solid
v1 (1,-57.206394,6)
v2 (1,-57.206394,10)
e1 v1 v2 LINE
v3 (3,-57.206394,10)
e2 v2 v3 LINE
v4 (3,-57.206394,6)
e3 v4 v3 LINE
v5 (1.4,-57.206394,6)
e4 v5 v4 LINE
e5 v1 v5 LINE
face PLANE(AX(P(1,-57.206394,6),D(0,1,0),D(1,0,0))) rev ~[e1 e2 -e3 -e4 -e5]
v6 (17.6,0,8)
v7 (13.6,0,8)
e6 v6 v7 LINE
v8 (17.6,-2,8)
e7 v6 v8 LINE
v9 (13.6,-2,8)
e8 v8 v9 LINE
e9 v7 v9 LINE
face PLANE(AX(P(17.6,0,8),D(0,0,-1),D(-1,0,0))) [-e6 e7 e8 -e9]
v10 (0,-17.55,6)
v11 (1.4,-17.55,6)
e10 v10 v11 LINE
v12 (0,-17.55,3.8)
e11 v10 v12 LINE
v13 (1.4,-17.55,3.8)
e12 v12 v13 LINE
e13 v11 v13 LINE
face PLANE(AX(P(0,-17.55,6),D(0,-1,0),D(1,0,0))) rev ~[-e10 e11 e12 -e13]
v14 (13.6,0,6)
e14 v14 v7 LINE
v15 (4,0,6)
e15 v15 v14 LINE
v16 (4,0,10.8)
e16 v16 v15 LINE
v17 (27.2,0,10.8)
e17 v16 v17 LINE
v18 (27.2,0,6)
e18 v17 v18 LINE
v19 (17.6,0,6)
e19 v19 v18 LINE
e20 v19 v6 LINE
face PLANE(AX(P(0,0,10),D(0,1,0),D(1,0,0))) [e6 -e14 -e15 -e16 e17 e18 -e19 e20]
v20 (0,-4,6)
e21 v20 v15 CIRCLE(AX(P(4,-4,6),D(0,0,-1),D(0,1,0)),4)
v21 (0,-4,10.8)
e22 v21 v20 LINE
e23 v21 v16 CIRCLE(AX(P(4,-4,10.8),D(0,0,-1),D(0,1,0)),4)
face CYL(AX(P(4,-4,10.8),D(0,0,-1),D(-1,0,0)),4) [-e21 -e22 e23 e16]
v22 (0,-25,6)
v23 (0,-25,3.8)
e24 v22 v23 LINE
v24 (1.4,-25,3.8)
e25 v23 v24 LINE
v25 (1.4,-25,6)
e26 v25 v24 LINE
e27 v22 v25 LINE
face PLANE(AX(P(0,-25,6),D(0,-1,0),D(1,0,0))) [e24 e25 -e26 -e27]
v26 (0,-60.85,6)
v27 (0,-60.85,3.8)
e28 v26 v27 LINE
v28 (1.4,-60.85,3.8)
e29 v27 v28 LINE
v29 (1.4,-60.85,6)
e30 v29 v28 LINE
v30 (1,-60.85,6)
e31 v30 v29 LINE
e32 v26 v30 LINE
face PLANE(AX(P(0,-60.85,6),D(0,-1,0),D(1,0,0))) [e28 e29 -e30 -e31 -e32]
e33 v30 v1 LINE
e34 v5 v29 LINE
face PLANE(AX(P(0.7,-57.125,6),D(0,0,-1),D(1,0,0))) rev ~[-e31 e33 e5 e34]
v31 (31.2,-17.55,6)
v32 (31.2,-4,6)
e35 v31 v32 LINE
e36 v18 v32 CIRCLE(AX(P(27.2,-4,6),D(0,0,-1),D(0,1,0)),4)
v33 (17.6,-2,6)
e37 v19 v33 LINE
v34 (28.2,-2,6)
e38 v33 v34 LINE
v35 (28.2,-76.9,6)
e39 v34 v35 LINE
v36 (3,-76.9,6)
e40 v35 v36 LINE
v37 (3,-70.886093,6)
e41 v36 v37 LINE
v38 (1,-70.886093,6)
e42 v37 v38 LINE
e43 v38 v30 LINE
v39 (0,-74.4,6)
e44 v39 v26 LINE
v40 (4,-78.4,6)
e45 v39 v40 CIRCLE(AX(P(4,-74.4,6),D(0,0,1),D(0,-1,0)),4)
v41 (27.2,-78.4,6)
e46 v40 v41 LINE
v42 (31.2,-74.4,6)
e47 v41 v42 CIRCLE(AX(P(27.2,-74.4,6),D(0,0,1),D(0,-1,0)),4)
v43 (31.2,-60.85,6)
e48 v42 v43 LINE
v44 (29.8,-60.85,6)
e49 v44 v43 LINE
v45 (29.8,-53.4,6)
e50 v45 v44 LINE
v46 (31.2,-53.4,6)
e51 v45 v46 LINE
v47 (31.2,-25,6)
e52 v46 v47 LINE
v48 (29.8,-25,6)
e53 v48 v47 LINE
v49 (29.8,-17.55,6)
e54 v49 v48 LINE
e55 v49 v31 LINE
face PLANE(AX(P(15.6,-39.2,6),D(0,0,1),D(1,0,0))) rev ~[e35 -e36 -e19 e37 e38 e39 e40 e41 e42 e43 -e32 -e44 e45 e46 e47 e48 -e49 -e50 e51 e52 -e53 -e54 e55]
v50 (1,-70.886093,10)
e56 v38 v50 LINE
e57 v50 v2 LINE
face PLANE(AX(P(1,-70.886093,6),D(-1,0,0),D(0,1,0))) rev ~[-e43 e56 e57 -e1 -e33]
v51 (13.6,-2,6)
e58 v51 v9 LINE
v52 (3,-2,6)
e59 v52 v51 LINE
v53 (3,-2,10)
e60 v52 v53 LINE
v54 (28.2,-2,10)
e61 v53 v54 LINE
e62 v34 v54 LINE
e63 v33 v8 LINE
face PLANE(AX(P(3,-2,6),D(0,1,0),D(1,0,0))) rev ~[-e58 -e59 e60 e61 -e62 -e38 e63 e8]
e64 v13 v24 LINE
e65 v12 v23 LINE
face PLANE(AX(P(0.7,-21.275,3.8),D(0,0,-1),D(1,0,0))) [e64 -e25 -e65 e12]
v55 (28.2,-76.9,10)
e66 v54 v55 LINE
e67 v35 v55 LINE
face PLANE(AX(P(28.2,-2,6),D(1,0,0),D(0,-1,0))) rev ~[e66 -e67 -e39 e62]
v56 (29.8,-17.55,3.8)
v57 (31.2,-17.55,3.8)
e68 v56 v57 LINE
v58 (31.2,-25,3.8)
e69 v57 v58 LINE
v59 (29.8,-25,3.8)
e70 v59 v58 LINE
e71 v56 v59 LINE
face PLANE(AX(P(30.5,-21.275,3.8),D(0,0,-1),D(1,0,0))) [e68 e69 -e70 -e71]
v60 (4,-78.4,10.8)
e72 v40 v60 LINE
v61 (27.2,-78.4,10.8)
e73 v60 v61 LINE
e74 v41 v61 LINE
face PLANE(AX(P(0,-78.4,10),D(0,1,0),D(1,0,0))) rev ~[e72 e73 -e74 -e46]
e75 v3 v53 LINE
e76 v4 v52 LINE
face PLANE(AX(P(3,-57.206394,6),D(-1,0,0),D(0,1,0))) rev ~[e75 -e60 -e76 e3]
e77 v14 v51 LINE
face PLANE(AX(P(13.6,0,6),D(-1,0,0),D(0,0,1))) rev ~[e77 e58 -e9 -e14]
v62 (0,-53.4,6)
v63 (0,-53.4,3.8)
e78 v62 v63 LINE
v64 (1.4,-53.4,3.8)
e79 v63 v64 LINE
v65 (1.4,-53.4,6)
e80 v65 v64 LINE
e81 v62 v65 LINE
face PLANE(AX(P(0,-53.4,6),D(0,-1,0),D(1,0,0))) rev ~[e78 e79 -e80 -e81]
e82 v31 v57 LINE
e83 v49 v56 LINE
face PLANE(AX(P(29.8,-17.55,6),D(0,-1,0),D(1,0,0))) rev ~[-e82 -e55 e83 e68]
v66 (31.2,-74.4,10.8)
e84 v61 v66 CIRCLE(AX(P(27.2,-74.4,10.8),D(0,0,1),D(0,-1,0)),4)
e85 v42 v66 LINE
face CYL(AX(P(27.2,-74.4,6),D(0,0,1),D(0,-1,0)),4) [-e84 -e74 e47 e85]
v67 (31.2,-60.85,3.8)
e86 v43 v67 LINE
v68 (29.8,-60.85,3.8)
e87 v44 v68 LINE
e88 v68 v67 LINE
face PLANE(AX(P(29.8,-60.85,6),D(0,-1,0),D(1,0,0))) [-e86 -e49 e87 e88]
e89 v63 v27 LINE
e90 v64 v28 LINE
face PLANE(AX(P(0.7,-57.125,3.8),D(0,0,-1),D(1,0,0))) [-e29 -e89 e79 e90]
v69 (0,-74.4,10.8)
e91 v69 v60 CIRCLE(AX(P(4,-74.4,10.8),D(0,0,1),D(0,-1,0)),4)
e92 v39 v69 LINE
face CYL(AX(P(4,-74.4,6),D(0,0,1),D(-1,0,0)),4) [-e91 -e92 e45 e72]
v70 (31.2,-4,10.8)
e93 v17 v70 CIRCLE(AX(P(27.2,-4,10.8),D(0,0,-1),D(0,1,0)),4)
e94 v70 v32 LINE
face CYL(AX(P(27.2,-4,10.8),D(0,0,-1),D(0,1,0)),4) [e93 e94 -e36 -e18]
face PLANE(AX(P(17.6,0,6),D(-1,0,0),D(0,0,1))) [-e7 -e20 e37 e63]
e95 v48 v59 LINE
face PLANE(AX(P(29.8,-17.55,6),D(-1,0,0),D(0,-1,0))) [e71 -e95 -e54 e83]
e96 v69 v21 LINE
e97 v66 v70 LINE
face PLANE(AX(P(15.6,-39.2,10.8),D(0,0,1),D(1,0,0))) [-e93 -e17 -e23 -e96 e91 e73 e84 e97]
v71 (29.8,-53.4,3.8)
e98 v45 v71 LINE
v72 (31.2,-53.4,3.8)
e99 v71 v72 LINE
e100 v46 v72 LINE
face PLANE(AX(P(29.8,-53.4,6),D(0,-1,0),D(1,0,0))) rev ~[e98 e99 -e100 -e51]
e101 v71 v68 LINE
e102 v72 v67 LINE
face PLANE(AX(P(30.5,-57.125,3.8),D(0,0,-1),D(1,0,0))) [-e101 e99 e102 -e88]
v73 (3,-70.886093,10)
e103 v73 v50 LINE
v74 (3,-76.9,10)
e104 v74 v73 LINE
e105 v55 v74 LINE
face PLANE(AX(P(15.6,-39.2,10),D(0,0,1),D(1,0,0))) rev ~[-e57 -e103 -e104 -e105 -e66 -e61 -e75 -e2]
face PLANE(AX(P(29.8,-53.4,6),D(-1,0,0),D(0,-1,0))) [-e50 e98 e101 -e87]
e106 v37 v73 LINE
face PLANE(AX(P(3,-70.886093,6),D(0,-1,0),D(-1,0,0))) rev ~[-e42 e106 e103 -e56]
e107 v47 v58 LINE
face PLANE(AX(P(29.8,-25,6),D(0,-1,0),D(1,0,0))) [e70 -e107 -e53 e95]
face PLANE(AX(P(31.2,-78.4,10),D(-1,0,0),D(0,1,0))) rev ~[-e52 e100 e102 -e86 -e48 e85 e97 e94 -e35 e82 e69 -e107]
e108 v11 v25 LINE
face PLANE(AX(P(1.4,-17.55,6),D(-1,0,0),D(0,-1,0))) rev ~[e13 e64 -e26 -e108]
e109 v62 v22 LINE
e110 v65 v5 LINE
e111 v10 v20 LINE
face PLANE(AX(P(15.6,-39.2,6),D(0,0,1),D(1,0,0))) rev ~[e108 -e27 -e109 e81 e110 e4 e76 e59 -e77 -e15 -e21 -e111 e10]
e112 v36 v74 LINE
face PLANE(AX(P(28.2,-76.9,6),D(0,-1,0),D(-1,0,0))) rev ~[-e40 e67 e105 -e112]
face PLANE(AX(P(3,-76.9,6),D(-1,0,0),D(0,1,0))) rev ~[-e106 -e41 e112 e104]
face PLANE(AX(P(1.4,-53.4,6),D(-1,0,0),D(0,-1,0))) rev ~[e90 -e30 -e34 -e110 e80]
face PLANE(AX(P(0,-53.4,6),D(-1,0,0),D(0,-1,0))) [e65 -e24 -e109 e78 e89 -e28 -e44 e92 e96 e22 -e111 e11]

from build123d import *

# Parameters (mm, degrees)
SKETCH001_W     = 31.2
SKETCH001_H     = 78.4
PAD001_DEPTH    = 4
SKETCH002_W     = 31.2
SKETCH002_H     = 78.4
PAD002_DEPTH    = 0.8
SKETCH006_W     = 4
SKETCH006_H     = 2
POCKET001_DEPTH = 5
SKETCH009_W     = 1.4
SKETCH009_H     = 7.45
PAD006_DEPTH    = 2.2
FILLET001_R     = 4


with BuildPart() as part:
    # Sketch001 → Pad001 (new body)
    with BuildSketch(Plane.XY):
        with Locations((15.6, -39.2)):
            Rectangle(SKETCH001_W, SKETCH001_H)
        Polygon((3, -2), (28.2, -2), (28.2, -76.9), (3, -76.9), (3, -70.886093), (1, -70.886093), (1, -57.206394), (3, -57.206394), align=None, mode=Mode.SUBTRACT)
    extrude(amount=PAD001_DEPTH)

    # Sketch002 (on Face14 of Pad001) → Pad002 (join)
    with BuildSketch(Plane.XY.offset(4)):
        with Locations((15.6, -39.2)):
            Rectangle(SKETCH002_W, SKETCH002_H)
    extrude(amount=PAD002_DEPTH)

    # Sketch006 (on Face1 of Pad002) → Pocket001 (cut)
    with BuildSketch(Plane(origin=(0, 0, 0), x_dir=(-1, 0, 0), z_dir=(0, 1, 0))):
        with Locations((-15.6, 1)):
            Rectangle(SKETCH006_W, SKETCH006_H)
    extrude(amount=-POCKET001_DEPTH, mode=Mode.SUBTRACT)

    # Sketch009 (on Face4 of Pad002) → Pad006 (join)
    with BuildSketch(Plane(origin=(0, 0, 0), x_dir=(1, 0, 0), z_dir=(0, 0, -1))):
        with Locations((0.7, 57.125)):
            Rectangle(SKETCH009_W, SKETCH009_H)
        with Locations((0.7, 21.275)):
            Rectangle(SKETCH009_W, SKETCH009_H)
        with Locations((30.5, 21.275)):
            Rectangle(SKETCH009_W, SKETCH009_H)
        with Locations((30.5, 57.125)):
            Rectangle(SKETCH009_W, SKETCH009_H)
    extrude(amount=PAD006_DEPTH)

    # Fillet001
    fillet001_edges = [part.edges().sort_by_distance(p)[0] for p in [
        (0, -78.4, 2),
        (0, 0, 2),
        (31.2, -78.4, 2),
        (31.2, 0, 2),
    ]]
    fillet(fillet001_edges, radius=FILLET001_R)


with BuildPart() as part_1:
    # Body001 placement: moved
    add(part.part.moved(Location((0, 0, 6))))


solid = part_1.part
